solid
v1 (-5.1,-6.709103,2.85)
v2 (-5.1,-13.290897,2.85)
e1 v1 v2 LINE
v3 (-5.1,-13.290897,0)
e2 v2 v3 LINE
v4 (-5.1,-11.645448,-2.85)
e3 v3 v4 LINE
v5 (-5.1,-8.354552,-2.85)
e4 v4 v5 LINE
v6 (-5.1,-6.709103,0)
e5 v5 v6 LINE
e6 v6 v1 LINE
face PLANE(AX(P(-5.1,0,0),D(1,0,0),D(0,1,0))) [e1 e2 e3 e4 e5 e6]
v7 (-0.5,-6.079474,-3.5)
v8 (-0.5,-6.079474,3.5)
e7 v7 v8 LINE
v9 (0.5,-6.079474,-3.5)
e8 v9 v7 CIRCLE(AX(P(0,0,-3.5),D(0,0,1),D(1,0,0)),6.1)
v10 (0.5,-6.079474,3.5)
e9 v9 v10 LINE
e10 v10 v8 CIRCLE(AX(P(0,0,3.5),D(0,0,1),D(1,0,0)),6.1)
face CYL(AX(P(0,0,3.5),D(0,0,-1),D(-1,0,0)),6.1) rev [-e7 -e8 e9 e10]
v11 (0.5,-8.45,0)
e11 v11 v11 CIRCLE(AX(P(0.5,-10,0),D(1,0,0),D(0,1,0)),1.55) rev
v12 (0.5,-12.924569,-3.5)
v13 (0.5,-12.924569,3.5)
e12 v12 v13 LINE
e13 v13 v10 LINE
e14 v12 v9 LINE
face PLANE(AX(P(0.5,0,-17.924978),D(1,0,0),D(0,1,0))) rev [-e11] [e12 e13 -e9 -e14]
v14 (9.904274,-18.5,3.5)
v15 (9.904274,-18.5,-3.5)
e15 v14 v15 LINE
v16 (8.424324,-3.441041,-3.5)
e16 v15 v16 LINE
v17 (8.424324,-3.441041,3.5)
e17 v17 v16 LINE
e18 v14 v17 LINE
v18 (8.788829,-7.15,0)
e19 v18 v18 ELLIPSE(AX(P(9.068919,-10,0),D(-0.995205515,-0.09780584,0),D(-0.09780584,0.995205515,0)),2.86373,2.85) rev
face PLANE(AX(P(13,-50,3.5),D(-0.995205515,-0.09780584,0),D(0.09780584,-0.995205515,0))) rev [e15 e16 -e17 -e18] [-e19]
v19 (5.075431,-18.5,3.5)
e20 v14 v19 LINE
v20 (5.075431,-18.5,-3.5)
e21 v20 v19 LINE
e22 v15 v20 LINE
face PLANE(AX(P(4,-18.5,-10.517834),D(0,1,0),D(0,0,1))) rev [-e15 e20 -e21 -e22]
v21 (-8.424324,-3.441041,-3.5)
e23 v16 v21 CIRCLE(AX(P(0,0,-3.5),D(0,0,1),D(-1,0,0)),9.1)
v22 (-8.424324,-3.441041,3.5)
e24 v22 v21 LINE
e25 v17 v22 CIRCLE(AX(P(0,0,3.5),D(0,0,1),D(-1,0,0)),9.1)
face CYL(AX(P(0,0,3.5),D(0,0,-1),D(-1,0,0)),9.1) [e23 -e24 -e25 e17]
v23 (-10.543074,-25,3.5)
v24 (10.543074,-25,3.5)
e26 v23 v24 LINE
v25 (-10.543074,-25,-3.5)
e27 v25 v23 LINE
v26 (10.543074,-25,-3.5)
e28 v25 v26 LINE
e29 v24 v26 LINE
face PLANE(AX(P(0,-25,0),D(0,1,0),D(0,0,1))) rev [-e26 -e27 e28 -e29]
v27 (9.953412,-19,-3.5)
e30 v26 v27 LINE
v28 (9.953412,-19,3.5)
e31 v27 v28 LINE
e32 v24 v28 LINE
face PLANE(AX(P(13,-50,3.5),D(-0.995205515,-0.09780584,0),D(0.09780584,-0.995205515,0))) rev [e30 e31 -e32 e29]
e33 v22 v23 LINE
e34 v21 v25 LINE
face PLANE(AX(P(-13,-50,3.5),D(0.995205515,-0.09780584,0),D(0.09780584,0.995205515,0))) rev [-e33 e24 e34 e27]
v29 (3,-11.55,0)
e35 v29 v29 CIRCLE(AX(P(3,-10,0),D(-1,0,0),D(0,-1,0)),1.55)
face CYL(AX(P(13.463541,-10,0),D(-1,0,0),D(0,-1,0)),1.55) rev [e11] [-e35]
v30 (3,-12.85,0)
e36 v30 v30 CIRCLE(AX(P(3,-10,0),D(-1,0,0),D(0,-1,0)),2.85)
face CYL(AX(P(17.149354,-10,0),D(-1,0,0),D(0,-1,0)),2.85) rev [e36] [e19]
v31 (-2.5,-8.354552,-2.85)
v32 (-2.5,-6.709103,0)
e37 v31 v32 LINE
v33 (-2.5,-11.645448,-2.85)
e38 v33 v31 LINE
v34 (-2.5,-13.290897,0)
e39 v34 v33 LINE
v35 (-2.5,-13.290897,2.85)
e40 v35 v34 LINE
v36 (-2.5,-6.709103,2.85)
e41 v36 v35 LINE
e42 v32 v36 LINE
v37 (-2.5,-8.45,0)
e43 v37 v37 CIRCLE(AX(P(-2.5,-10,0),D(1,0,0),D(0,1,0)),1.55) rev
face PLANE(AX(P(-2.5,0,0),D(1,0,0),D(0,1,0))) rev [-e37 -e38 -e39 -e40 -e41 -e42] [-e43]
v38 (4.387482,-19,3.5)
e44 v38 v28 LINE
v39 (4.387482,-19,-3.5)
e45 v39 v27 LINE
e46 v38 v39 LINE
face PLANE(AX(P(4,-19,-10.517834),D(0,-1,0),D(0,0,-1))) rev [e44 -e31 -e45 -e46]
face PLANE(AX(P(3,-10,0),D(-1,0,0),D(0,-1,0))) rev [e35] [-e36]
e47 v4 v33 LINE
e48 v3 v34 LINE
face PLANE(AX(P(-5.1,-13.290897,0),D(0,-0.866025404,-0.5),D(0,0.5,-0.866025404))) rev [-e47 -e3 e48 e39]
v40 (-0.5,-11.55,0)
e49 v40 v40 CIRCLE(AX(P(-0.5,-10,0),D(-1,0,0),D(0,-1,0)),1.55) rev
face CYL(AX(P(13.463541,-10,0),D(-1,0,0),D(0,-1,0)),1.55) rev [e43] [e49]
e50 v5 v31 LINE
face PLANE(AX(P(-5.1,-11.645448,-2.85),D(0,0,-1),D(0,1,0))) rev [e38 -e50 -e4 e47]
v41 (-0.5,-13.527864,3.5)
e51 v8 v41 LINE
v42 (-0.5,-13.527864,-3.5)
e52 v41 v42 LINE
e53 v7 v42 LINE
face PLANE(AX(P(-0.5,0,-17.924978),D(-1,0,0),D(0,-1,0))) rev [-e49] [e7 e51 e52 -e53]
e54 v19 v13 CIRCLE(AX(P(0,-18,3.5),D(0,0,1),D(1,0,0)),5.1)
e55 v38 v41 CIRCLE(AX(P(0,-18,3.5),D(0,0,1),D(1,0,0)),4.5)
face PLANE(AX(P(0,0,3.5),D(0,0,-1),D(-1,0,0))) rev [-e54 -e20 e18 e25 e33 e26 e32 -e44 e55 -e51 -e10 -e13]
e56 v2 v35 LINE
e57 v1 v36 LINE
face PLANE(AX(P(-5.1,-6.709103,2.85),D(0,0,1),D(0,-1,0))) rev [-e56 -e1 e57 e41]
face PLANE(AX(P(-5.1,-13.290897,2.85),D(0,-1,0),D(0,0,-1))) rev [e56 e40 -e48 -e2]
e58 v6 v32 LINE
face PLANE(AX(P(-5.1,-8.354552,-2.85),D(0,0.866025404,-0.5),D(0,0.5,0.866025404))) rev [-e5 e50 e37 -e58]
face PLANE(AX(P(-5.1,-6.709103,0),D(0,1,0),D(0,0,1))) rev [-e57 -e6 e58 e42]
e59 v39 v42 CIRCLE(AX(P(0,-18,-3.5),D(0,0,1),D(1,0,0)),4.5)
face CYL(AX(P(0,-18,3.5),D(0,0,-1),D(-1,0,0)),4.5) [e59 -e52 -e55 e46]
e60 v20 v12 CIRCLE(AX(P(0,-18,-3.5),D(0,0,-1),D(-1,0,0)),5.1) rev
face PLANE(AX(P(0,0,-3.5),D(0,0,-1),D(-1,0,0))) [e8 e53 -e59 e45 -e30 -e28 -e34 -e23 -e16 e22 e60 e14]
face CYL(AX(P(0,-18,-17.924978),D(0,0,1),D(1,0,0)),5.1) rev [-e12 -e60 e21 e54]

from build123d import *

# Parameters (mm, degrees)
SKETCH1_R                      = 6.1
THICKNESS_DEPTH                = 3.5
BOTNUTCUT_START                = -2
SKETCH2_R                      = 2.85
BOTNUTCUT_DEPTH                = 2.6
SKETCH3_R                      = 1.55
BOTSCREWCUT_DEPTH              = 2
CUT_EXTRUDE1_START             = -7
CUT_EXTRUDE1_DEPTH             = 7
RAILNUTCUT_START               = -2
RAILNUTCUT_DEPTH               = 2.6
SKETCH7_R                      = 1.55
RAILSCREWCUT_DEPTH             = 2.6
RAILSCREWCUT_DIRECTION_2_REACH = 53.909
RAILNUTHEADCUT_REACH           = 56.409
RAILNUTHEADCUT_START           = -2.5
SKETCH8_R                      = 2.85
SKETCH9_W                      = 7
SKETCH9_H                      = 0.5
MOVEMENTCUT_DEPTH              = 7
SKETCH10_R                     = 4.5
BOSS_EXTRUDE1_DEPTH            = 3.5
CUT_EXTRUDE2_START             = -50
SKETCH11_W                     = 40
SKETCH11_H                     = 25
CUT_EXTRUDE2_DEPTH             = 25


with BuildPart() as part:
    # Sketch1 → Thickness (new, symmetric)
    with BuildSketch(Plane.XY):
        with BuildLine():
            Line((-13, -50), (13, -50))
            Line((13, -50), (8.424323952, -3.441041405))
            ThreePointArc((8.424323952, -3.441041405), (0, 9.1), (-8.424323952, -3.441041405))
            Line((-8.424323952, -3.441041405), (-13, -50))
        make_face()
        Circle(SKETCH1_R, mode=Mode.SUBTRACT)
    extrude(amount=THICKNESS_DEPTH, both=True)

    # Sketch2 → BotNutCut (cut)
    with BuildSketch(Plane.XZ.offset(50).offset(BOTNUTCUT_START)):
        with Locations((-7.5, 0)):
            Circle(SKETCH2_R)
        with BuildLine():
            Line((-10.790896534, 2.85), (-10.790896534, 0))
            Line((-10.790896534, 0), (-9.968172361, -1.42500007))
            ThreePointArc((-9.968172361, -1.42500007), (-9.96817242, 1.424999968), (-7.499999995, 2.85))
            Line((-7.499999995, 2.85), (-10.790896534, 2.85))
        make_face()
        with BuildLine():
            Line((-4.209103466, 2.85), (-7.499999995, 2.85))
            ThreePointArc((-7.499999995, 2.85), (-5.484745672, 2.015254324), (-4.65, 0))
            ThreePointArc((-4.65, 0), (-4.747111384, -0.737634237), (-5.031827556, -1.424999925))
            Line((-5.031827556, -1.424999925), (-4.209103466, 0))
            Line((-4.209103466, 0), (-4.209103466, 2.85))
        make_face()
        with BuildLine():
            ThreePointArc((-5.031827556, -1.424999925), (-6.074999963, -2.468172379), (-7.5, -2.85))
            Line((-7.5, -2.85), (-5.854551733, -2.85))
            Line((-5.854551733, -2.85), (-5.031827556, -1.424999925))
        make_face()
        with BuildLine():
            ThreePointArc((-7.5, -2.85), (-8.924999965, -2.468172421), (-9.968172361, -1.42500007))
            Line((-9.968172361, -1.42500007), (-9.145448267, -2.85))
            Line((-9.145448267, -2.85), (-7.5, -2.85))
        make_face()
        with BuildLine():
            ThreePointArc((7.5, -2.85), (6.074999995, -2.468172398), (5.031827593, -1.42499999))
            Line((5.031827593, -1.42499999), (5.854551733, -2.85))
            Line((5.854551733, -2.85), (7.5, -2.85))
        make_face()
        with BuildLine():
            ThreePointArc((9.968172375, -1.425000045), (8.924999978, -2.468172414), (7.5, -2.85))
            Line((7.5, -2.85), (9.145448267, -2.85))
            Line((9.145448267, -2.85), (9.968172375, -1.425000045))
        make_face()
        with BuildLine():
            Line((10.790896534, 2.85), (7.5, 2.85))
            ThreePointArc((7.5, 2.85), (9.515254326, 2.015254326), (10.35, 0))
            ThreePointArc((10.35, 0), (10.252888598, -0.737634304), (9.968172375, -1.425000045))
            Line((9.968172375, -1.425000045), (10.790896534, 0))
            Line((10.790896534, 0), (10.790896534, 2.85))
        make_face()
        with BuildLine():
            Line((4.209103466, 2.85), (4.209103466, 0))
            Line((4.209103466, 0), (5.031827593, -1.42499999))
            ThreePointArc((5.031827593, -1.42499999), (5.031827602, 1.425000005), (7.5, 2.85))
            Line((7.5, 2.85), (4.209103466, 2.85))
        make_face()
        with Locations((7.5, 0)):
            Circle(SKETCH2_R)
    extrude(amount=-BOTNUTCUT_DEPTH, mode=Mode.SUBTRACT)

    # Sketch3 → BotScrewCut (cut)
    with BuildSketch(Plane.XZ.offset(50)):
        with Locations(Location((-7.5, 0, 0), (0, 0, 270))):
            Circle(SKETCH3_R)
        with Locations(Location((7.5, 0, 0), (0, 0, 270))):
            Circle(SKETCH3_R)
    extrude(amount=-BOTSCREWCUT_DEPTH, mode=Mode.SUBTRACT)

    # Sketch5 → Cut-Extrude1 (cut)
    with BuildSketch(Plane.XY.offset(3.5).offset(CUT_EXTRUDE1_START)):
        with BuildLine():
            ThreePointArc((0.5, -6.079473661), (0, -6.1), (-0.5, -6.079473661))
            Line((-0.5, -6.079473661), (-0.5, -12.924568984))
            ThreePointArc((-0.5, -12.924568984), (0, -23.1), (0.5, -12.924568984))
            Line((0.5, -12.924568984), (0.5, -6.079473661))
        make_face()
    extrude(amount=CUT_EXTRUDE1_DEPTH, mode=Mode.SUBTRACT)

    # Sketch6 → RailNutCut (cut)
    with BuildSketch(Plane(origin=(-0.5, 0, 0), x_dir=(0, 0, -1), z_dir=(1, 0, 0)).offset(RAILNUTCUT_START)):
        Polygon((0, -13.290896534), (2.85, -11.645448267), (2.85, -8.354551733), (0, -6.709103466), (-2.85, -6.709103466), (-2.85, -13.290896534), align=None)
    extrude(amount=-RAILNUTCUT_DEPTH, mode=Mode.SUBTRACT)

    # Sketch7 → RailScrewCut (cut)
    with BuildSketch(Plane(origin=(-0.5, 0, 0), x_dir=(0, 0, -1), z_dir=(1, 0, 0))):
        with Locations(Location((0, -10, 0), (0, 0, 270))):
            Circle(SKETCH7_R)
    extrude(amount=-RAILSCREWCUT_DEPTH, mode=Mode.SUBTRACT)

    # RailScrewCut direction 2: up to this plane
    railscrewcut_direction_2_end = Plane(origin=(13, -50, 3.5), z_dir=(-0.9952055153223801, -0.09780583966162733, 0))
    # Sketch7 → RailScrewCut direction 2 (cut, up to the surface)
    with BuildSketch(Plane(origin=(-0.5, 0, 0), x_dir=(0, 0, -1), z_dir=(1, 0, 0)), mode=Mode.PRIVATE) as railscrewcut_direction_2_sk1:
        with Locations(Location((0, -10, 0), (0, 0, 270))):
            Circle(SKETCH7_R)
    railscrewcut_direction_2_tool1 = split(extrude(railscrewcut_direction_2_sk1.sketch, amount=RAILSCREWCUT_DIRECTION_2_REACH, mode=Mode.PRIVATE), bisect_by=railscrewcut_direction_2_end, keep=Keep.BOTH, mode=Mode.PRIVATE)
    add(railscrewcut_direction_2_tool1.solids().sort_by_distance((-0.5, -10, 0))[0], mode=Mode.SUBTRACT)

    # RailNutHeadCut: up to this plane
    railnutheadcut_end = Plane(origin=(13, -50, 3.5), z_dir=(-0.9952055153223801, -0.09780583966162733, 0))
    # Sketch8 → RailNutHeadCut (cut, up to the surface)
    with BuildSketch(Plane.ZY.offset(-0.5).offset(RAILNUTHEADCUT_START), mode=Mode.PRIVATE) as railnutheadcut_sk1:
        with Locations(Location((0, -10, 0), (0, 0, 270))):
            Circle(SKETCH8_R)
    railnutheadcut_tool1 = split(extrude(railnutheadcut_sk1.sketch, amount=-RAILNUTHEADCUT_REACH, mode=Mode.PRIVATE), bisect_by=railnutheadcut_end, keep=Keep.BOTH, mode=Mode.PRIVATE)
    add(railnutheadcut_tool1.solids().sort_by_distance((3, -10, 0))[0], mode=Mode.SUBTRACT)

    # Sketch9 → MovementCut (cut)
    with BuildSketch(Plane.XY.offset(3.5)):
        with Locations((7.5, -18.75)):
            Rectangle(SKETCH9_W, SKETCH9_H)
    extrude(amount=-MOVEMENTCUT_DEPTH, mode=Mode.SUBTRACT)

    # Sketch10 → Boss-Extrude1 (add, symmetric)
    with BuildSketch(Plane.XY):
        with BuildLine():
            Line((-0.5, -13.527864045), (-0.5, -12.924568984))
            ThreePointArc((-0.5, -12.924568984), (-3.780537731, -21.42308844), (5.0009999, -19))
            Line((5.0009999, -19), (4.387482194, -19))
            ThreePointArc((4.387482194, -19), (-3.356217727, -20.997632828), (-0.5, -13.527864045))
        make_face()
        with Locations((0, -18)):
            Circle(SKETCH10_R)
    extrude(amount=BOSS_EXTRUDE1_DEPTH, both=True)

    # Sketch11 → Cut-Extrude2 (cut)
    with BuildSketch(Plane(origin=(0, 0, 0), x_dir=(1, 0, 0), z_dir=(0, 1, 0)).offset(CUT_EXTRUDE2_START)):
        Rectangle(SKETCH11_W, SKETCH11_H)
    extrude(amount=CUT_EXTRUDE2_DEPTH, mode=Mode.SUBTRACT)


solid = part.part
